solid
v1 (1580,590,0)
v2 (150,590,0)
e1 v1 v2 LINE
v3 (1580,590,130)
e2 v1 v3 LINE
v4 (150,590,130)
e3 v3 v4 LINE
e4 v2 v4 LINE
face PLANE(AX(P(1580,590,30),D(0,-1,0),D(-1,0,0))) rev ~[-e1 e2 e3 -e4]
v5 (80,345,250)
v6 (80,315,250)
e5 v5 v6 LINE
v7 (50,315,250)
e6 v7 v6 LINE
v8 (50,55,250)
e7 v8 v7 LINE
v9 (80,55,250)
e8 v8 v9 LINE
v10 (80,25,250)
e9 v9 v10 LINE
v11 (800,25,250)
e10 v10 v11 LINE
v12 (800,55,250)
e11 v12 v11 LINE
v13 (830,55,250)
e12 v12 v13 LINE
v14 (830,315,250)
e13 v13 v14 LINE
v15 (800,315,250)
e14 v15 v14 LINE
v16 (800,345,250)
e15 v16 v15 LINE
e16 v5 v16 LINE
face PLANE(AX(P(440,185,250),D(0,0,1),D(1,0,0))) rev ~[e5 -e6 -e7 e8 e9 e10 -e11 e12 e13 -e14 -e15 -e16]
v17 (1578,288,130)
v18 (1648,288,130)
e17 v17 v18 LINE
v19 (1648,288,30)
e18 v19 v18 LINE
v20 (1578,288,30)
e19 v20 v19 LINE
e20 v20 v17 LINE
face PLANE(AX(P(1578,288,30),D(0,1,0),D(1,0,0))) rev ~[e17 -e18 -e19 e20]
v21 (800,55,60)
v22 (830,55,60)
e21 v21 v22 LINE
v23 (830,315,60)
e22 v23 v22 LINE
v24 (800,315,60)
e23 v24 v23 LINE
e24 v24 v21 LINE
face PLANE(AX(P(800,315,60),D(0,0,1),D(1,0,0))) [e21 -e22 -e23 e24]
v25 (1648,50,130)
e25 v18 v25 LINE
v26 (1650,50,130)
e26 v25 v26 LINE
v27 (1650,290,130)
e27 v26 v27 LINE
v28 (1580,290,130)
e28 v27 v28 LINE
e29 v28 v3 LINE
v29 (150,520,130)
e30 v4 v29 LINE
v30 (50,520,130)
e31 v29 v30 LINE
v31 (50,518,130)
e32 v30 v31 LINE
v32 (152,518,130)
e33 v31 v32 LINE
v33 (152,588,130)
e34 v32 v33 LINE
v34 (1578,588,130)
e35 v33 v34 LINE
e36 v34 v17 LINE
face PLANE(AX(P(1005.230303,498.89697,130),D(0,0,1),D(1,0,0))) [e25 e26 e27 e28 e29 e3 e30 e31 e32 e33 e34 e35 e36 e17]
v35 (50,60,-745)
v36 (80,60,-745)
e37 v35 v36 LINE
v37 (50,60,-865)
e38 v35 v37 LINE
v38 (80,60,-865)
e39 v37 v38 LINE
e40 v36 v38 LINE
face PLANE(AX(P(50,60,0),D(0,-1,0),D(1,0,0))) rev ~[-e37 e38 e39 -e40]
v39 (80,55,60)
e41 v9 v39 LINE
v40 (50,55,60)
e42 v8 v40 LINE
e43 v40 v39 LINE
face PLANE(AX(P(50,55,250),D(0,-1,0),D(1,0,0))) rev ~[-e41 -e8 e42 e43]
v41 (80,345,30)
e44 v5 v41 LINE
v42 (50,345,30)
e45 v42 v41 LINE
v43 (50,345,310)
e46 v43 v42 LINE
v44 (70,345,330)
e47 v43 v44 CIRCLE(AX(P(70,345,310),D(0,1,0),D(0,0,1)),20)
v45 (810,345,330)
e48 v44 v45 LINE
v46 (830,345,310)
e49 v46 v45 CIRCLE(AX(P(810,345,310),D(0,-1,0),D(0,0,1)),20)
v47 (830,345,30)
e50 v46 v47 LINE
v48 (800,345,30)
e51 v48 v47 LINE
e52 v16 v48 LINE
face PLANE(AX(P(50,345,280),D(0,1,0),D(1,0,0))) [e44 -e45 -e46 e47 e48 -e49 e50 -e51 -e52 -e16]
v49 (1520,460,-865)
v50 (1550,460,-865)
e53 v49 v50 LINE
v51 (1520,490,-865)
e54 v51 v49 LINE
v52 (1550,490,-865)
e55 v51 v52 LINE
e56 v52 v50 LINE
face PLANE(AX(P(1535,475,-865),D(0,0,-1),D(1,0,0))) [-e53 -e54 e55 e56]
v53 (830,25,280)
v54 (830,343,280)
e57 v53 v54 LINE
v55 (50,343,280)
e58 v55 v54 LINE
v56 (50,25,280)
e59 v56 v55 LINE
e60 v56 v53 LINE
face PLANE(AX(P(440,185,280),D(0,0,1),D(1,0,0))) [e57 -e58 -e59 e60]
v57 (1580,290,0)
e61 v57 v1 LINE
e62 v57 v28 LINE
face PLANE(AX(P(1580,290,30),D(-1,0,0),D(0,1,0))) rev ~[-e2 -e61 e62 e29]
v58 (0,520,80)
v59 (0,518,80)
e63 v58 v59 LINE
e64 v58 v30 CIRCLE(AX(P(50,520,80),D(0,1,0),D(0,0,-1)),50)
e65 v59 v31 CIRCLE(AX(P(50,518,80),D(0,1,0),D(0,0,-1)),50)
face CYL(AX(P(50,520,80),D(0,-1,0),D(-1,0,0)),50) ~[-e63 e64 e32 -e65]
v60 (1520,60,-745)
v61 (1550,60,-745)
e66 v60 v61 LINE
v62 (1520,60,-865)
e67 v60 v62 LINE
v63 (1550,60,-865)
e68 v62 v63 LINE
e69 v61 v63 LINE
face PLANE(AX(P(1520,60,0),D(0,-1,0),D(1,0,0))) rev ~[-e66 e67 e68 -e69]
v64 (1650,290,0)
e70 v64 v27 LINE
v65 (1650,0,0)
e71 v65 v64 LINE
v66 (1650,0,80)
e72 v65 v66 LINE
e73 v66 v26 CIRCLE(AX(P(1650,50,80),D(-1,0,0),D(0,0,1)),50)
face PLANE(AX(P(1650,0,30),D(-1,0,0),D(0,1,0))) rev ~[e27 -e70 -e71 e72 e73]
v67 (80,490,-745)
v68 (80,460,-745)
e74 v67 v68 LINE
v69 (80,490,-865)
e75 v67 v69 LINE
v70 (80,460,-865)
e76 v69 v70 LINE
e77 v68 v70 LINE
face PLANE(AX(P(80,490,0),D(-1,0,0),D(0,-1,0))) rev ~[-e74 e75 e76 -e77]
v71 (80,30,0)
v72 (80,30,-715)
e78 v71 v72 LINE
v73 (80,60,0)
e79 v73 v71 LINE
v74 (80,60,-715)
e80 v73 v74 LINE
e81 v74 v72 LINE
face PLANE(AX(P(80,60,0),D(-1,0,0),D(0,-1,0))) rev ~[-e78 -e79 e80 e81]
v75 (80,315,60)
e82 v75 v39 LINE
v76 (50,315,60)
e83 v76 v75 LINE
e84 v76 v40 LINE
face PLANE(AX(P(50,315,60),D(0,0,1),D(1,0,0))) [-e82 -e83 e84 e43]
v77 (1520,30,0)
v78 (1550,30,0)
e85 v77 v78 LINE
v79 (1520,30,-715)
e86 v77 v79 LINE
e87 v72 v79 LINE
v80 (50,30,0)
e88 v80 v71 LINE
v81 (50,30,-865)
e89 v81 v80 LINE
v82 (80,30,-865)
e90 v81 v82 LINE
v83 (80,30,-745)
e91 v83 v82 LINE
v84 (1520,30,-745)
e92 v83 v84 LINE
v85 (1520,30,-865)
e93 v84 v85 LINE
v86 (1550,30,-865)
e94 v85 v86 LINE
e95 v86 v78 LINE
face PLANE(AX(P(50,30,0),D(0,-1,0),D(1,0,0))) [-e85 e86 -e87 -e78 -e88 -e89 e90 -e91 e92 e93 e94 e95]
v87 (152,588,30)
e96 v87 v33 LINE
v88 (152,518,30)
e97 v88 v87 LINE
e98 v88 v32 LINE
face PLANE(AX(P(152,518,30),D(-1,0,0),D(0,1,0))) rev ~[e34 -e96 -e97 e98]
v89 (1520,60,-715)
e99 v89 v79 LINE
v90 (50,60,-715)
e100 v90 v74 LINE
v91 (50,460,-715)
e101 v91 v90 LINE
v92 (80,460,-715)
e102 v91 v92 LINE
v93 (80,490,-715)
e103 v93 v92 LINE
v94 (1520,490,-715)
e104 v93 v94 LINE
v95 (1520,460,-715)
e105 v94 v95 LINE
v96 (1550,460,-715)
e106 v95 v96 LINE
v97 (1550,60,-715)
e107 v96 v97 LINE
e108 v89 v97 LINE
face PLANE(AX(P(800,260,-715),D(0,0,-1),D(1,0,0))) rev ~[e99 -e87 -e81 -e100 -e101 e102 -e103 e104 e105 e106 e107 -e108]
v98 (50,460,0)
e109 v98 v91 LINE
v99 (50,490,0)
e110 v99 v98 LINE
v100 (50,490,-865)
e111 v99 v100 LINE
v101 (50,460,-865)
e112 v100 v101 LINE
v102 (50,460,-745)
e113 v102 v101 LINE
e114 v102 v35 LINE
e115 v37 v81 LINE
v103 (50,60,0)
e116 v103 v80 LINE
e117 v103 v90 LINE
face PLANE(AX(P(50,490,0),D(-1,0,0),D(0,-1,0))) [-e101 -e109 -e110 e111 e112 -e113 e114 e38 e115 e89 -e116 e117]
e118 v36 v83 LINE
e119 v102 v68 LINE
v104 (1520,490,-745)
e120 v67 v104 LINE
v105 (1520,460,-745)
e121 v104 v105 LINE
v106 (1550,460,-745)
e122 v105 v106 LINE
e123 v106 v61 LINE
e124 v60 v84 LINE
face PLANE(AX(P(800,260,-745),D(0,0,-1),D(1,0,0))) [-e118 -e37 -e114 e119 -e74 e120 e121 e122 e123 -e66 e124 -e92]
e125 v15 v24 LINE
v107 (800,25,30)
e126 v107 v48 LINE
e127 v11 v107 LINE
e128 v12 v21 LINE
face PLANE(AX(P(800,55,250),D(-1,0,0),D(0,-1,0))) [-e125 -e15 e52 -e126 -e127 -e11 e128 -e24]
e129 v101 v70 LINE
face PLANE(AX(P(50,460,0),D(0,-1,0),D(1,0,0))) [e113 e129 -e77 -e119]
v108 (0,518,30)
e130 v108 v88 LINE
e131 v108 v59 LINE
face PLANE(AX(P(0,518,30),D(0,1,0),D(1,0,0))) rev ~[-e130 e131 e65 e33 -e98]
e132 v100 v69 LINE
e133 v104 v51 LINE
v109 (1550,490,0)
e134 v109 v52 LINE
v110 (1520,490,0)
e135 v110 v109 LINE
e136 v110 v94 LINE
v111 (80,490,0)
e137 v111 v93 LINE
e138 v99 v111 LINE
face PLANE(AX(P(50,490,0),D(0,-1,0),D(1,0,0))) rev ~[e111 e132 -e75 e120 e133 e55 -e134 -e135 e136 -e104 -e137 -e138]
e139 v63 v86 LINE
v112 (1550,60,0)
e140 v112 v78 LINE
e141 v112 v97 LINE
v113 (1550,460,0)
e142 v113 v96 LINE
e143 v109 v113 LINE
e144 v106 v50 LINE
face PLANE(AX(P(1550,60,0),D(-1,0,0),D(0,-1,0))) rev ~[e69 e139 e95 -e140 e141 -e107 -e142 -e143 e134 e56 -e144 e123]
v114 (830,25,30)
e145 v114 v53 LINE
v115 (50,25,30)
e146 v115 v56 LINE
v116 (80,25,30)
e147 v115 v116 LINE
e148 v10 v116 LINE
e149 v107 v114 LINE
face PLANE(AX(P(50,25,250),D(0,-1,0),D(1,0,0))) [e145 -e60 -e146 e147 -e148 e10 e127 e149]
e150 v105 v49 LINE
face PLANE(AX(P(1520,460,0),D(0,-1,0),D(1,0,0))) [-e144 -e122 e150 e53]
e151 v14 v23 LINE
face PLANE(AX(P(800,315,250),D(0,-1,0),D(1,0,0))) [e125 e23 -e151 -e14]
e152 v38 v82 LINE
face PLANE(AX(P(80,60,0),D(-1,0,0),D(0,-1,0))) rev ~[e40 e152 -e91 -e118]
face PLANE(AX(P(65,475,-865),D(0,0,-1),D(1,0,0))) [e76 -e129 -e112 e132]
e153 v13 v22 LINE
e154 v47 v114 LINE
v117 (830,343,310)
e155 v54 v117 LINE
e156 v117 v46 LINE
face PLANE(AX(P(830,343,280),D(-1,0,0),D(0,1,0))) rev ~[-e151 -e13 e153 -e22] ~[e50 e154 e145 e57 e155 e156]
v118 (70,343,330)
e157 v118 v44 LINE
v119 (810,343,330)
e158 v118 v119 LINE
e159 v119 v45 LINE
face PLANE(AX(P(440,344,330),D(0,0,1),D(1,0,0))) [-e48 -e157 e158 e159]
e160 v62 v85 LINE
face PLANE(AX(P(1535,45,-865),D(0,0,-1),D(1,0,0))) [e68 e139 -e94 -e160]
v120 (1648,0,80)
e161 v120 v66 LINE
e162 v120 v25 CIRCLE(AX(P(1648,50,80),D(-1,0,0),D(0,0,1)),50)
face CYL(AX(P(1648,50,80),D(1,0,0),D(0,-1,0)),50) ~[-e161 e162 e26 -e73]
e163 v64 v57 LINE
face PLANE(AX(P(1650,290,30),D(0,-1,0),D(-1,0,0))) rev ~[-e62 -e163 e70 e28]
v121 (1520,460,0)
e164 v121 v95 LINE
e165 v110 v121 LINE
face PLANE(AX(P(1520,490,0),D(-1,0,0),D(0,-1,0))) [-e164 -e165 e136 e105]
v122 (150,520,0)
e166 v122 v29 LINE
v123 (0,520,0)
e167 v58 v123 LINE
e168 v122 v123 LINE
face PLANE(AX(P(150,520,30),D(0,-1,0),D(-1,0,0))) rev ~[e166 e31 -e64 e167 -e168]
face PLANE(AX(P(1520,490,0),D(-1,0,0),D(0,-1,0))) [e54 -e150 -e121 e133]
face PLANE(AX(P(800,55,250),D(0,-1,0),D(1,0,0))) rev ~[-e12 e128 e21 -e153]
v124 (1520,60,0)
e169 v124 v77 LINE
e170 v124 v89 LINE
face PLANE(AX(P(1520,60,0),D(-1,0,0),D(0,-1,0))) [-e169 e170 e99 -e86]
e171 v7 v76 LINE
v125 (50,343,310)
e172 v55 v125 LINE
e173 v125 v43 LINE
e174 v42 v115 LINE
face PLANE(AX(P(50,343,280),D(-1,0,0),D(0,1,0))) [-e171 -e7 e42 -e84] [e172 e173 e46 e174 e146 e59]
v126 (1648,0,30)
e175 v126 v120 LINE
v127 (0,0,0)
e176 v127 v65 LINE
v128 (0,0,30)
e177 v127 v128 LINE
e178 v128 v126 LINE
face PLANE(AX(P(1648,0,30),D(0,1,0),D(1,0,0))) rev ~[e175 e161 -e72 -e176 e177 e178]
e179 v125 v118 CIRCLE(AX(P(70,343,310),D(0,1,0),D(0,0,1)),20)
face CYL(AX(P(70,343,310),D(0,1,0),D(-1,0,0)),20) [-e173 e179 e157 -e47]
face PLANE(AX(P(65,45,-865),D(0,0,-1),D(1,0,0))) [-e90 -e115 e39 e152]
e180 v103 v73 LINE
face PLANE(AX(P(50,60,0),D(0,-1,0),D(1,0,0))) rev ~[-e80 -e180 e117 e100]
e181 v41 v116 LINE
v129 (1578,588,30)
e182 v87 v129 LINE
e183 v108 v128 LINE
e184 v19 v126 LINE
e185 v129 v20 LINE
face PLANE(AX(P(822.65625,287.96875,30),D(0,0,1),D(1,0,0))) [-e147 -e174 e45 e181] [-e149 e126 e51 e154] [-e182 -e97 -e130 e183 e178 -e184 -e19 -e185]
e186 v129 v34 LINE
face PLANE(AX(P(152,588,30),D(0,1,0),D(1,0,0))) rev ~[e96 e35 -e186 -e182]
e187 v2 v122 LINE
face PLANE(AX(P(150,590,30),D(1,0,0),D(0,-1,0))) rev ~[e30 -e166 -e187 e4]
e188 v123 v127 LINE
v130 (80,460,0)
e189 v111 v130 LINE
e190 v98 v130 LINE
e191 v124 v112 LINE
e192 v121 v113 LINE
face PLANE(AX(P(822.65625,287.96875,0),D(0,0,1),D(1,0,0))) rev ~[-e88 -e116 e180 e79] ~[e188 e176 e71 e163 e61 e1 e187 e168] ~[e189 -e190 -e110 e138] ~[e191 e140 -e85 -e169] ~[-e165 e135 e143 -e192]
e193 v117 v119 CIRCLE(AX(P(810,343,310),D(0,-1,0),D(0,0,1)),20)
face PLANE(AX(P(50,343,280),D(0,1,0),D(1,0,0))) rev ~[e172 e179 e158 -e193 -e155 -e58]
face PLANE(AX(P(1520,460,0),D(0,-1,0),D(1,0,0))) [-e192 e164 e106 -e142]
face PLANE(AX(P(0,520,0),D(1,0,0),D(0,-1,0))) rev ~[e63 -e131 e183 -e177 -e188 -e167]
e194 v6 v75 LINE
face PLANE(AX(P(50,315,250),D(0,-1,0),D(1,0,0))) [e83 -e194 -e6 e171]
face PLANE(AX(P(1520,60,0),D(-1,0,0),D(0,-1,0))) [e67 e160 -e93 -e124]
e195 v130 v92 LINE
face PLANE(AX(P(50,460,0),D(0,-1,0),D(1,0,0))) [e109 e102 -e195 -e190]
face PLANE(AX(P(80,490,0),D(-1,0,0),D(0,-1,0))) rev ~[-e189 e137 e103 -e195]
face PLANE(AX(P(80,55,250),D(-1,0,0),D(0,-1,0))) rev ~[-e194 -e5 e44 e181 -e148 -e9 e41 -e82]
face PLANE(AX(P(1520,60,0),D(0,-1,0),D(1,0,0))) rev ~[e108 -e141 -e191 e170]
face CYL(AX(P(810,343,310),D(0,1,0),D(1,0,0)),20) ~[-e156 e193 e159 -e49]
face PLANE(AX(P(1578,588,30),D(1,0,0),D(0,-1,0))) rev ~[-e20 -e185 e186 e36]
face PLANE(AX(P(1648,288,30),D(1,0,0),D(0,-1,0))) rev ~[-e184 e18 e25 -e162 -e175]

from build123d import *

# Parameters (mm, degrees)
F1_DEPTH  = 30
F3_DEPTH  = 100
F4_R      = 50
F5_W      = 30
F5_H      = 30
F6_DEPTH  = 865
F8_W      = 1500
F8_H      = 460
F9_DEPTH  = 30
F11_W     = 780
F11_H     = 320
F12_DEPTH = 30
F13_W     = 30
F13_H     = 30
F14_DEPTH = 220
F15_W     = 30
F15_H     = 30
F16_DEPTH = 260
F17_W     = 780
F17_H     = 2
F18_DEPTH = 50
F19_R     = 20


with BuildPart() as f1:
    # F0 (on Top) → F1 (new body)
    with BuildSketch(Plane.XY):
        Polygon((0, 520), (0, 0), (1650, 0), (1650, 290), (1580, 290), (1580, 590), (150, 590), (150, 520), align=None)
    extrude(amount=F1_DEPTH)

    # F2 (on face) → F3 (join)
    with BuildSketch(Plane.XY.offset(30)):
        Polygon((1648, 0), (1650, 0), (1650, 290), (1580, 290), (1580, 590), (150, 590), (150, 520), (0, 520), (0, 518), (152, 518), (152, 588), (1578, 588), (1578, 288), (1648, 288), align=None)
    extrude(amount=F3_DEPTH)

    # F4
    f4_edges = [f1.edges().sort_by_distance(p)[0] for p in [
        (0, 519, 130),
        (1649, 0, 130),
    ]]
    fillet(f4_edges, radius=F4_R)

    # F5 (on face) → F6 (join)
    with BuildSketch(Plane(origin=(0, 0, 0), x_dir=(1, 0, 0), z_dir=(0, 0, -1))):
        with Locations((65, -45)):
            Rectangle(F5_W, F5_H)
        with Locations((1535, -45)):
            Rectangle(F5_W, F5_H)
        with Locations((1535, -475)):
            Rectangle(F5_W, F5_H)
        with Locations((65, -475)):
            Rectangle(F5_W, F5_H)
    extrude(amount=F6_DEPTH)

    # F8 (on offset) → F9 (join)
    with BuildSketch(Plane(origin=(0, 0, -715), x_dir=(1, 0, 0), z_dir=(0, 0, -1))):
        with Locations((800, -260)):
            Rectangle(F8_W, F8_H)
    extrude(amount=F9_DEPTH)



with BuildPart() as f12:
    # F11 (on offset) → F12 (new body)
    with BuildSketch(Plane.XY.offset(280)):
        with Locations((440, 185)):
            Rectangle(F11_W, F11_H)
    extrude(amount=-F12_DEPTH)


with BuildPart() as f1_1:
    add(f1.part)

    add(f12.part)  # F14 merges F12
    # F13 (on face) → F14 (join, through all)
    with BuildSketch(Plane(origin=(0, 0, 250), x_dir=(1, 0, 0), z_dir=(0, 0, -1))):
        with Locations((65, -40)):
            Rectangle(F13_W, F13_H)
        with Locations((65, -330)):
            Rectangle(F13_W, F13_H)
        with Locations((815, -40)):
            Rectangle(F13_W, F13_H)
        with Locations((815, -330)):
            Rectangle(F13_W, F13_H)
    extrude(amount=F14_DEPTH)

    # F15 (on face) → F16 (join, through all)
    with BuildSketch(Plane.XZ.offset(-315)):
        with Locations((65, 45)):
            Rectangle(F15_W, F15_H)
        with Locations((815, 45)):
            Rectangle(F15_W, F15_H)
    extrude(amount=F16_DEPTH)

    # F17 (on face) → F18 (join)
    with BuildSketch(Plane.XY.offset(280)):
        with Locations((440, 344)):
            Rectangle(F17_W, F17_H)
    extrude(amount=F18_DEPTH)

    # F19
    f19_edges = [f1_1.edges().sort_by_distance(p)[0] for p in [
        (50, 344, 330),
        (830, 344, 330),
    ]]
    fillet(f19_edges, radius=F19_R)


solid = f1_1.part
